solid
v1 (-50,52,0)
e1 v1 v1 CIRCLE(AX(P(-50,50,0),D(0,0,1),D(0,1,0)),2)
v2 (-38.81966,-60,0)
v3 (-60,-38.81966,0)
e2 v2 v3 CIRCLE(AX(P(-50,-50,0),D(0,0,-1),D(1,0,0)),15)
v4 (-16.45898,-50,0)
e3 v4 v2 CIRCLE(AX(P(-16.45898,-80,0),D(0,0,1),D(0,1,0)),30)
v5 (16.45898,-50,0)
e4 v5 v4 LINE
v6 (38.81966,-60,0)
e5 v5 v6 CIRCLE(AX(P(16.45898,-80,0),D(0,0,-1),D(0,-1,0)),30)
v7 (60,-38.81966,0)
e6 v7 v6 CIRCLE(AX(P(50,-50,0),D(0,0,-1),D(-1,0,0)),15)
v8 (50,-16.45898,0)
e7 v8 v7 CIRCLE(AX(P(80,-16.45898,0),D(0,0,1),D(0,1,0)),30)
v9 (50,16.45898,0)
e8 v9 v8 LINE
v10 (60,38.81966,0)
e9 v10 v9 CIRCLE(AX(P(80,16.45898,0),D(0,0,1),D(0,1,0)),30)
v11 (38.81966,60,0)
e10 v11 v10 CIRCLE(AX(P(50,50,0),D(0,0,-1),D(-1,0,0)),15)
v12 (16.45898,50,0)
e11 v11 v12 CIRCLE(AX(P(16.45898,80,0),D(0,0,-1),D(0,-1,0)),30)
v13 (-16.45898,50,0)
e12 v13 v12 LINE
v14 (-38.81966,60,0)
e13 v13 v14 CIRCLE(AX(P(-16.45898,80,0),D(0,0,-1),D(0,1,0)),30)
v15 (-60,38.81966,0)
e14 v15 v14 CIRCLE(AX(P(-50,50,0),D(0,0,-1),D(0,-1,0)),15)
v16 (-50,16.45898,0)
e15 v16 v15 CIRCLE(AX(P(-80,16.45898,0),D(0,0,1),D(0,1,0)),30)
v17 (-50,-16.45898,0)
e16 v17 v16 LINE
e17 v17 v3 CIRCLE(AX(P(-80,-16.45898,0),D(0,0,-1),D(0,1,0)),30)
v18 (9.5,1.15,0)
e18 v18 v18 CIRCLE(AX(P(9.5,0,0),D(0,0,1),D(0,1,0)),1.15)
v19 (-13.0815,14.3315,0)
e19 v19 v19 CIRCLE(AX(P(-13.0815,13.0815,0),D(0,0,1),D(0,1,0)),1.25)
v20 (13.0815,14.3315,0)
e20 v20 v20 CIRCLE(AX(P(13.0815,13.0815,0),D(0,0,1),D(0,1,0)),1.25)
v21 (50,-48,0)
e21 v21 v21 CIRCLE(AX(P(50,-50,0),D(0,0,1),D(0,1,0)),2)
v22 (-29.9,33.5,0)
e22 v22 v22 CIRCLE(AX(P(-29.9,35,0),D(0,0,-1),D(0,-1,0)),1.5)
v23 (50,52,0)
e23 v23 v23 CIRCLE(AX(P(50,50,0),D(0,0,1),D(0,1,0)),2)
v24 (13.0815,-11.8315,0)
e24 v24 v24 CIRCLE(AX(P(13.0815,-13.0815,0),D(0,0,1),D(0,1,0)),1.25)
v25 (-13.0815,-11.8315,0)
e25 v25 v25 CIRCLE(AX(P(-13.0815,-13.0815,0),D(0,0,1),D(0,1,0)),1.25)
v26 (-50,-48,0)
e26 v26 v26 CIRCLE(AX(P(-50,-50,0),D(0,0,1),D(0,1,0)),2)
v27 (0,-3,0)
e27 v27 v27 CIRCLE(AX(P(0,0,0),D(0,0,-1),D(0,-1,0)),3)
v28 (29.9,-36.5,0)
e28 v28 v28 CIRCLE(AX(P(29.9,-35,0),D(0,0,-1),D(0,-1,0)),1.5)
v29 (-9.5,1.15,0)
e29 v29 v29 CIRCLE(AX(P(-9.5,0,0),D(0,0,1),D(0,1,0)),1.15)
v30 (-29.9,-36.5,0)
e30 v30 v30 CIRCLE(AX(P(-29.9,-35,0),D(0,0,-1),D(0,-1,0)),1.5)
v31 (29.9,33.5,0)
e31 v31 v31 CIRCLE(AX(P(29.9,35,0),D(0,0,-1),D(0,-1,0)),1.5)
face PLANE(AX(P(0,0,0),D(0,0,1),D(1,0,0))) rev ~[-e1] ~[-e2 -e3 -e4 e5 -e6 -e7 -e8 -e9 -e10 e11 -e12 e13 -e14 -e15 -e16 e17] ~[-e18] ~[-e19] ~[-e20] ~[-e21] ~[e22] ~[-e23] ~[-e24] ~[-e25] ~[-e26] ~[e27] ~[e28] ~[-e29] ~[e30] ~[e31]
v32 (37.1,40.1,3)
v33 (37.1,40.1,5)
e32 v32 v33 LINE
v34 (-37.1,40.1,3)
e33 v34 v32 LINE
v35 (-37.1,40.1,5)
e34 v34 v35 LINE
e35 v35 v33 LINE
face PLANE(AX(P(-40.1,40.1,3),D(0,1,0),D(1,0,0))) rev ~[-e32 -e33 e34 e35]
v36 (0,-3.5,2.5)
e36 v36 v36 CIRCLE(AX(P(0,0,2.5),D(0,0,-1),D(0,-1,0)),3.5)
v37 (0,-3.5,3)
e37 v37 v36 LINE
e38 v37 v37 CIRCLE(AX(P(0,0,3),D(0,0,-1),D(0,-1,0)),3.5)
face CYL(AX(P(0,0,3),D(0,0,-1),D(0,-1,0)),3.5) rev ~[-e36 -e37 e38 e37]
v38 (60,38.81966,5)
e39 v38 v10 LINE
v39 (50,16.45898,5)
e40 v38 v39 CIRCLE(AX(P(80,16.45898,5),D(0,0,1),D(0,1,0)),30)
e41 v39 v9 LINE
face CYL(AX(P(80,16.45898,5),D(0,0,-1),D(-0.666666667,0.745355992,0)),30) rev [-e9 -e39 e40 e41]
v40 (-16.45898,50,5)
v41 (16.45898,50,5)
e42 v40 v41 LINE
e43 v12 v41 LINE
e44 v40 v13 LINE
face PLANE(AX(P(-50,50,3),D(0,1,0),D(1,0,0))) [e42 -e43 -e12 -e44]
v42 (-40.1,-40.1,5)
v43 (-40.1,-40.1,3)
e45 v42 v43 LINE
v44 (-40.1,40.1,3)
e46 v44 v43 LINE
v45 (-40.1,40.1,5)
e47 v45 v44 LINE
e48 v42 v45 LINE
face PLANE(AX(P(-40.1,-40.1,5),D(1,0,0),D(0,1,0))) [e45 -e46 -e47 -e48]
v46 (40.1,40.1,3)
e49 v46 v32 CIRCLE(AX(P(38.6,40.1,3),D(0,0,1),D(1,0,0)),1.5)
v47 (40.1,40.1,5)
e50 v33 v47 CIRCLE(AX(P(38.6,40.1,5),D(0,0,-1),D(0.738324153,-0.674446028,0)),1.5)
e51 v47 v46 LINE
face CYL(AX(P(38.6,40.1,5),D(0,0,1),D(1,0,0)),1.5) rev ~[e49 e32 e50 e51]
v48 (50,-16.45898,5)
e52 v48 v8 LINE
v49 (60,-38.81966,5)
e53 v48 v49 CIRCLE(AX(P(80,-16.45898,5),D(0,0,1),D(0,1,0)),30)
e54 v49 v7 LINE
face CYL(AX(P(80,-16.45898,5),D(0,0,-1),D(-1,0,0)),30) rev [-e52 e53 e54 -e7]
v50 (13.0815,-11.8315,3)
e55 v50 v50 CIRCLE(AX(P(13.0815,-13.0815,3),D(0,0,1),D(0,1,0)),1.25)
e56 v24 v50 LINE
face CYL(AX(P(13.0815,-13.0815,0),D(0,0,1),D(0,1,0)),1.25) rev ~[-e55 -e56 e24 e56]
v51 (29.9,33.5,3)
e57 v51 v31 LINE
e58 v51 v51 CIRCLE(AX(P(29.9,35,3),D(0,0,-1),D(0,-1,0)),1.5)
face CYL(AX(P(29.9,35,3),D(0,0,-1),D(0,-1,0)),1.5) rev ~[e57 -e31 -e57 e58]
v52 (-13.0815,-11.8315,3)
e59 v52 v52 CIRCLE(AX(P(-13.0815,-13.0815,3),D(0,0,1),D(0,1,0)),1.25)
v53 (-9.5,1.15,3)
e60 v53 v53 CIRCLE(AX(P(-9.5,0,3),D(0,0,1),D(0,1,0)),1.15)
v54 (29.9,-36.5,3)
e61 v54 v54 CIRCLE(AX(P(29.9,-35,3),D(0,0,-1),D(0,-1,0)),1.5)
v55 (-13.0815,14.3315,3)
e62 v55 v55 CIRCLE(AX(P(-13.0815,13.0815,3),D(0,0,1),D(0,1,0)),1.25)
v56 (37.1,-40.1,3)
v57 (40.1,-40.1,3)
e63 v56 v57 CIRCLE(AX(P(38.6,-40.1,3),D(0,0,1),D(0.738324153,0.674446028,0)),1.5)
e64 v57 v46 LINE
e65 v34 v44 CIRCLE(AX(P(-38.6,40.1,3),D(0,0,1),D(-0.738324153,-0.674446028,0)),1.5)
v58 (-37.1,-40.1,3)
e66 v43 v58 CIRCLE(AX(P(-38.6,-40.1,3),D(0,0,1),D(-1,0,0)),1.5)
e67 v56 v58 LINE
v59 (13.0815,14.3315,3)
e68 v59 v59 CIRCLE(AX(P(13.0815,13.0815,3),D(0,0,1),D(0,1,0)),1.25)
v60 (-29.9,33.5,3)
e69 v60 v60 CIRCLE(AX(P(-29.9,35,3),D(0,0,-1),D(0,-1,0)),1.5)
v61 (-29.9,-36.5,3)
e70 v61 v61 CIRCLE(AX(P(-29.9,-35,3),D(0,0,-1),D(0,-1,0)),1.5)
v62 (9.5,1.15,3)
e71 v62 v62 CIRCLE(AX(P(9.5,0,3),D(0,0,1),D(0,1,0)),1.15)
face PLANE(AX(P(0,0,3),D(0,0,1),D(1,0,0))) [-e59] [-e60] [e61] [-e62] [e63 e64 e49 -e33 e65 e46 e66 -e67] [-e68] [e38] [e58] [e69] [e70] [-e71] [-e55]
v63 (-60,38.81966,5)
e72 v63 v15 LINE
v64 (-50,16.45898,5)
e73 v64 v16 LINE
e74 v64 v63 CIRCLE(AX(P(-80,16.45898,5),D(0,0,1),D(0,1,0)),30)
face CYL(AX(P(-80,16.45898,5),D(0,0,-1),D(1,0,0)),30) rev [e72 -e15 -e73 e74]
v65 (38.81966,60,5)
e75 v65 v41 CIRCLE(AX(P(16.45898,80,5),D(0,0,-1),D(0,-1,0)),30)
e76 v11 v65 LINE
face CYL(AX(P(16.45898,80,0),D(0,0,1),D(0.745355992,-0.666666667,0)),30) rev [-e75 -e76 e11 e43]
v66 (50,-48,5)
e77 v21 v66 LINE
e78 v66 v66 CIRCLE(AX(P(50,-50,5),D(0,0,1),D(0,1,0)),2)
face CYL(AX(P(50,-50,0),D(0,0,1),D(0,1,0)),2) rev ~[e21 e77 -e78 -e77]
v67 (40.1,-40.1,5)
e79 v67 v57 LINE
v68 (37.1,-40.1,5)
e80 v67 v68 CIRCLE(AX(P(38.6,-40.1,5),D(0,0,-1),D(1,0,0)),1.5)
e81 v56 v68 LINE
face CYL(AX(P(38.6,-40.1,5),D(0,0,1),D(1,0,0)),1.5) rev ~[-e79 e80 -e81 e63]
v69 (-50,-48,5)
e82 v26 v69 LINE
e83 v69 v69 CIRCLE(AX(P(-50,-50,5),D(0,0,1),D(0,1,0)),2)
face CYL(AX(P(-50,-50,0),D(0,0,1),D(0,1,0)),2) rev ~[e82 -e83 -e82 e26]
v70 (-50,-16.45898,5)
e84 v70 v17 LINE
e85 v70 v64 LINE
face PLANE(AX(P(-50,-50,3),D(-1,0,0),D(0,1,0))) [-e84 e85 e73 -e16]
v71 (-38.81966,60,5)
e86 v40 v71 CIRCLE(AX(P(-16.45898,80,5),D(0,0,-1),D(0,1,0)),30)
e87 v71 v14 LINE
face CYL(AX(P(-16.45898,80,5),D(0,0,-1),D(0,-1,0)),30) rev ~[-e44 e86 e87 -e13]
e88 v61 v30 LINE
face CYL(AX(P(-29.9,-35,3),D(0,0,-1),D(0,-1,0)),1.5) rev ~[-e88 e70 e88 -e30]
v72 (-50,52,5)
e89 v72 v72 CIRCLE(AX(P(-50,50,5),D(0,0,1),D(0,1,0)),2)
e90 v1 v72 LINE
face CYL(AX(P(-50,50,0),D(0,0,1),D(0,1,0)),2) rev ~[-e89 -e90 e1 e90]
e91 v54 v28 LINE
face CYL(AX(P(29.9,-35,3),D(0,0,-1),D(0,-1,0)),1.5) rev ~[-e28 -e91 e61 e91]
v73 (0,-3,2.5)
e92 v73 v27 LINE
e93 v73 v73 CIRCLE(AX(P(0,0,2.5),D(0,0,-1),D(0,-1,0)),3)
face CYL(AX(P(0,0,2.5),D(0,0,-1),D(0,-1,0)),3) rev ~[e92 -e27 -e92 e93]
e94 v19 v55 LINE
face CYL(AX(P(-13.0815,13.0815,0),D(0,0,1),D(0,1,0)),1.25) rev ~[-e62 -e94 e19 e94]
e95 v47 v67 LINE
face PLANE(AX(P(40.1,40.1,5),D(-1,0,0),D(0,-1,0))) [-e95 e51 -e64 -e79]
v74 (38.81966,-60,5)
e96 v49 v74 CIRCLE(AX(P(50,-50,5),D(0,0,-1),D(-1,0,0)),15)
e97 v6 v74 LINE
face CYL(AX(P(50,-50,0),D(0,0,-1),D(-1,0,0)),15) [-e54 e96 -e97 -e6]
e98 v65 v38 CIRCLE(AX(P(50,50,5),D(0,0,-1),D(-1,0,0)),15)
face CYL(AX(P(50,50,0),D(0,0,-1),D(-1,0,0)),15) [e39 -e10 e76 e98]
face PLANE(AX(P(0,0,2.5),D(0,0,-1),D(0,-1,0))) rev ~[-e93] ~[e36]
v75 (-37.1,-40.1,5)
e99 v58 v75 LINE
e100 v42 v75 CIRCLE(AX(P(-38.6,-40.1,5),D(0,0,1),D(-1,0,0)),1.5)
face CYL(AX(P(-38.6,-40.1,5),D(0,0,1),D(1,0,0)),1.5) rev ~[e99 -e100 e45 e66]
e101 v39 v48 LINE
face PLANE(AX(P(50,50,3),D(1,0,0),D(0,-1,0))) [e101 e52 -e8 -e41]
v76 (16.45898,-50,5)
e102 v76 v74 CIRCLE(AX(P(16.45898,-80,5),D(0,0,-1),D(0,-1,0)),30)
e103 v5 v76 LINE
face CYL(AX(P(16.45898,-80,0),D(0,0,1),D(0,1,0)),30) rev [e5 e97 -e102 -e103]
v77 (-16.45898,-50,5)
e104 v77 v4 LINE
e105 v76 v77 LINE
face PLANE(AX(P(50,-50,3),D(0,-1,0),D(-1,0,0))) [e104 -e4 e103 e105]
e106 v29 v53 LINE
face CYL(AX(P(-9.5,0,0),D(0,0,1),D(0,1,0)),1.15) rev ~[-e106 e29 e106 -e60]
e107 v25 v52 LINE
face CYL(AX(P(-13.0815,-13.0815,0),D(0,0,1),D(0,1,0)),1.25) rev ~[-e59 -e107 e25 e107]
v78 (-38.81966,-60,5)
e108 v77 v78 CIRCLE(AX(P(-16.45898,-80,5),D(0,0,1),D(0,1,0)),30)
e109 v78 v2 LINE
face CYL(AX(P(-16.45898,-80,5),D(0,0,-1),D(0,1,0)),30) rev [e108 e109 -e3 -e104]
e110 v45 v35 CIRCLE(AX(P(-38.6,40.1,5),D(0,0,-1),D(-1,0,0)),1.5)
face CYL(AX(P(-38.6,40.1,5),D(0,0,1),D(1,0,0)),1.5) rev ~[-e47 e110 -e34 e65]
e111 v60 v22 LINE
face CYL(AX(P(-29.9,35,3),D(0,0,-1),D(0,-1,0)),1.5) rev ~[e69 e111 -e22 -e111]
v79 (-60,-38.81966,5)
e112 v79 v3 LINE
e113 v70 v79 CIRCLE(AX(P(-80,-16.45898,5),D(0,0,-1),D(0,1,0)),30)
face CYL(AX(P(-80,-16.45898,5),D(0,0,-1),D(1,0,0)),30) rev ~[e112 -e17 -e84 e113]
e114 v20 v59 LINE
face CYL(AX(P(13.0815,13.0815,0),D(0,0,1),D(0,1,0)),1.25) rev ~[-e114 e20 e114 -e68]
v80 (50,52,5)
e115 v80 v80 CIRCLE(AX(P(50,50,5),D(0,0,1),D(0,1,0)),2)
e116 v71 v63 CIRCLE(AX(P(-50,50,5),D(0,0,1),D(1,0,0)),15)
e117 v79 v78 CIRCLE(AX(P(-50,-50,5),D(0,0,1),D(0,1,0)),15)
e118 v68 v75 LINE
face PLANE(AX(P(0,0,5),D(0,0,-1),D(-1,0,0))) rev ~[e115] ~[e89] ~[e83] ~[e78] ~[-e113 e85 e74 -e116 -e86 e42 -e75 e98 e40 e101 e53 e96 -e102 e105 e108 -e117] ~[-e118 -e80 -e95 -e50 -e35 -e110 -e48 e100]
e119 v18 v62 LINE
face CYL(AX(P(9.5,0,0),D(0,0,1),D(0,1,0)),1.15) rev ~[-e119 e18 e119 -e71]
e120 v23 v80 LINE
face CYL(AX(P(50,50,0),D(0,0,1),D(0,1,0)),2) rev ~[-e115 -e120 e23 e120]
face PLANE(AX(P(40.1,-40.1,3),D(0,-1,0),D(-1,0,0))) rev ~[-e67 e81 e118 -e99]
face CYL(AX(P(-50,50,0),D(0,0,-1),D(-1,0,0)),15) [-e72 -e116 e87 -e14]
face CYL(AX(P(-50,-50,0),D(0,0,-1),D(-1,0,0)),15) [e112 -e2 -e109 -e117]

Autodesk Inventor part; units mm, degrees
ref_plane "YZ Plane" through (0, 0, 0) normal (1, 0, 0) x (0, 1, 0)
ref_plane "XZ Plane" through (0, 0, 0) normal (0, 1, 0) x (-1, 0, 0)
ref_plane "XY Plane" through (0, 0, 0) normal (0, 0, 1) x (1, 0, 0)
sketch "スケッチ1" plane through (0, 0, 0) normal (0, 0, 1) x (1, 0, 0)
  line L0 (-50, 50) -> (50, 50)
  line L1 (50, 50) -> (50, -50)
  line L2 (50, -50) -> (-50, -50)
  line L3 (-50, -50) -> (-50, 50)
  point P0 (0, 0)
  dimension "d0" = 100
  dimension "d1" = 100
  dimension "d2" = 50
  dimension "d3" = 50
extrude "押し出し1" add sketch "スケッチ1" along normal blind 3
sketch "スケッチ2" plane through (0, 0, 3) normal (0, 0, 1) x (1, 0, 0)
  point P0 (0, 0)
  point P1 (0, 0)
hole "Hole1" at (0, 0, 3) direction (0, 0, -1) diameter 6 end through all counterbore diameter 7 counterbore depth 0.5
sketch "スケッチ3" plane through (0, 0, 3) normal (0, 0, 1) x (1, 0, 0)
  circle A0 centre (0, 0) radius 3.5 projected
  line L0 (50, 50) -> (50, -50) projected
  line L1 (-50, 50) -> (50, 50) projected
  line L2 (-50, -50) -> (-50, 50) projected
  line L3 (50, -50) -> (-50, -50) projected
  line L4 (-40.1, 40.1) -> (40.1, 40.1)
  line L5 (40.1, 40.1) -> (40.1, -40.1)
  line L6 (40.1, -40.1) -> (-40.1, -40.1)
  line L7 (-40.1, -40.1) -> (-40.1, 40.1)
  dimension "d13" = 80.2
  dimension "d14" = 80.2
  dimension "d15" = 40.1
  dimension "d16" = 40.1
extrude "押し出し2" add sketch "スケッチ3" along normal blind 2 contours L0 L3 L2 L1
sketch "スケッチ4" plane through (0, 0, 3) normal (0, 0, 1) x (1, 0, 0)
  circle A0 centre (0, 0) radius 3.5 projected
  point P0 (-29.9, 35)
  point P1 (-29.9, -35)
  point P2 (29.9, -35)
  point P3 (29.9, 35)
  dimension "d19" = 59.8
  dimension "d20" = 59.8
  dimension "d21" = 70
  dimension "d22" = 70
  dimension "d23" = 29.9
  dimension "d24" = 29.9
  dimension "d25" = 35
hole "Hole2" at (29.9, -35, 3) at (-29.9, -35, 3) at (29.9, 35, 3) at (-29.9, 35, 3) direction (0, 0, -1) diameter 3 depth 8 tip angle 118
sketch "スケッチ5" plane through (0, 0, 0) normal (0, 0, -1) x (-1, 0, 0)
  circle A0 centre (-50, -50) radius 15
  circle A1 centre (-50, 50) radius 15
  circle A2 centre (50, -50) radius 15
  circle A3 centre (50, 50) radius 15
  dimension "d33" = 30
  dimension "d34" = 30
  dimension "d35" = 30
  dimension "d36" = 30
extrude "押し出し3" add sketch "スケッチ5" against normal blind 5
fillet "フィレット1" radius 30 8 edges at (-35, 50, 2.5) (-50, 35, 2.5) (35, 50, 2.5) (50, 35, 2.5) (50, -35, 2.5) (35, -50, 2.5) (-35, -50, 2.5) (-50, -35, 2.5)
sketch "スケッチ6" plane through (0, 0, 0) normal (0, 0, -1) x (-1, 0, 0)
  arc A0 (60, 38.8197) -> (38.8197, 60) centre (50, 50) ccw projected
  arc A1 (-38.8197, 60) -> (-60, 38.8197) centre (-50, 50) ccw projected
  arc A2 (-60, -38.8197) -> (-38.8197, -60) centre (-50, -50) ccw projected
  arc A3 (38.8197, -60) -> (60, -38.8197) centre (50, -50) ccw projected
hole "Hole3" at (-50, -50, 0) at (50, -50, 0) at (50, 50, 0) at (-50, 50, 0) direction (0, 0, 1) diameter 4 depth 8 tip angle 118
sketch "スケッチ7" plane through (0, 0, 5) normal (0, 0, 1) x (1, 0, 0)
  arc A0 (-38.731, -40.1) -> (-40.1, -38.731) centre (-50, -50) ccw projected
  line L0 (-40.1, -38.731) -> (-40.1, 38.731) projected
  arc A1 (-40.1, 38.731) -> (-38.731, 40.1) centre (-50, 50) ccw projected
  line L1 (-38.731, 40.1) -> (38.731, 40.1) projected
  arc A2 (38.731, 40.1) -> (40.1, 38.731) centre (50, 50) ccw projected
  line L2 (40.1, 38.731) -> (40.1, -38.731) projected
  arc A3 (40.1, -38.731) -> (38.731, -40.1) centre (50, -50) ccw projected
  line L3 (38.731, -40.1) -> (-38.731, -40.1) projected
  circle A4 centre (-38.6, 40.1) radius 1.5
  line L4 (38.731, 40.1) -> (-38.731, 40.1) projected
  line L5 (0, 40.1) -> (0, -40.1)
  line L6 (40.1, 0) -> (-40.1, 0)
  circle A5 centre (38.6, 40.1) radius 1.5
  circle A6 centre (-38.6, -40.1) radius 1.5
  circle A7 centre (38.6, -40.1) radius 1.5
  line L7 (-40.1, 40.1) -> (40.1, 40.1)
  line L8 (40.1, 40.1) -> (40.1, -40.1)
  line L9 (40.1, -40.1) -> (-40.1, -40.1)
  line L10 (-40.1, -40.1) -> (-40.1, 40.1)
  point P0 (0, 0)
  dimension "d47" = 3
  dimension "d48" = 1.5
extrude "押し出し4" cut sketch "スケッチ7" against normal up to surface (2 mm away) contours L9 A6 A0 | A0 A6 L3 | L3 A6 L9 | A6 L10 A0 | A7 A3 L3 | L3 L9 A7 | L10 A4 A1 | A3 A7 L9 | A3 L8 A7 | A4 L7 A1 | A1 L1 A4 | A4 L1 L7 | A5 L7 L1 | L1 A2 A5 | A2 A5 L8 | L7 A5 A2
sketch "スケッチ8" plane through (0, 0, 0) normal (0, 0, -1) x (-1, 0, 0)
  circle A0 centre (0, 0) radius 3 projected
  circle A1 centre (0, 0) radius 9.5
  point P0 (-9.5, 0)
  point P1 (9.5, 0)
  dimension "d51" = 19
hole "Hole4" at (9.5, 0, 0) at (-9.5, 0, 0) direction (0, 0, 1) diameter 2.3 depth 8 tip angle 118
sketch "スケッチ9" plane through (0, 0, 0) normal (0, 0, -1) x (-1, 0, 0)
  circle A0 centre (0, 0) radius 3 projected
  line L0 (-16.459, -50) -> (16.459, -50) projected
  circle A1 centre (0, 0) radius 18.5
  line L1 (0, 0) -> (13.0815, 13.0815)
  line L2 (18.5, 0) -> (0, 0)
  point P0 (-13.0815, 13.0815)
  point P1 (-13.0815, -13.0815)
  point P2 (13.0815, -13.0815)
  dimension "d59" = 37
  dimension "d60" = 45
  dimension "d63" = 360
hole "Hole5" at (-13.0815, 13.0815, 0) at (13.0815, 13.0815, 0) at (13.0815, -13.0815, 0) at (-13.0815, -13.0815, 0) direction (0, 0, 1) diameter 2.5 depth 8 tip angle 118
equation "\"d1\" = d0"
equation "\"d2\" = 0.5 * d0"
equation "\"d3\" = d2"
equation "\"d14\" = d13"
equation "\"d15\" = 0.5 * d13"
equation "\"d16\" = d15"
equation "\"d20\" = d19"
equation "\"d22\" = d21"
equation "\"d23\" = 0.5 * d19"
equation "\"d24\" = d23"
equation "\"d25\" = 0.5 * d21"
equation "\"d34\" = d33"
equation "\"d35\" = d33"
equation "\"d36\" = d33"
equation "\"d48\" = 0.5 * d47"
properties part number "JointA0"
